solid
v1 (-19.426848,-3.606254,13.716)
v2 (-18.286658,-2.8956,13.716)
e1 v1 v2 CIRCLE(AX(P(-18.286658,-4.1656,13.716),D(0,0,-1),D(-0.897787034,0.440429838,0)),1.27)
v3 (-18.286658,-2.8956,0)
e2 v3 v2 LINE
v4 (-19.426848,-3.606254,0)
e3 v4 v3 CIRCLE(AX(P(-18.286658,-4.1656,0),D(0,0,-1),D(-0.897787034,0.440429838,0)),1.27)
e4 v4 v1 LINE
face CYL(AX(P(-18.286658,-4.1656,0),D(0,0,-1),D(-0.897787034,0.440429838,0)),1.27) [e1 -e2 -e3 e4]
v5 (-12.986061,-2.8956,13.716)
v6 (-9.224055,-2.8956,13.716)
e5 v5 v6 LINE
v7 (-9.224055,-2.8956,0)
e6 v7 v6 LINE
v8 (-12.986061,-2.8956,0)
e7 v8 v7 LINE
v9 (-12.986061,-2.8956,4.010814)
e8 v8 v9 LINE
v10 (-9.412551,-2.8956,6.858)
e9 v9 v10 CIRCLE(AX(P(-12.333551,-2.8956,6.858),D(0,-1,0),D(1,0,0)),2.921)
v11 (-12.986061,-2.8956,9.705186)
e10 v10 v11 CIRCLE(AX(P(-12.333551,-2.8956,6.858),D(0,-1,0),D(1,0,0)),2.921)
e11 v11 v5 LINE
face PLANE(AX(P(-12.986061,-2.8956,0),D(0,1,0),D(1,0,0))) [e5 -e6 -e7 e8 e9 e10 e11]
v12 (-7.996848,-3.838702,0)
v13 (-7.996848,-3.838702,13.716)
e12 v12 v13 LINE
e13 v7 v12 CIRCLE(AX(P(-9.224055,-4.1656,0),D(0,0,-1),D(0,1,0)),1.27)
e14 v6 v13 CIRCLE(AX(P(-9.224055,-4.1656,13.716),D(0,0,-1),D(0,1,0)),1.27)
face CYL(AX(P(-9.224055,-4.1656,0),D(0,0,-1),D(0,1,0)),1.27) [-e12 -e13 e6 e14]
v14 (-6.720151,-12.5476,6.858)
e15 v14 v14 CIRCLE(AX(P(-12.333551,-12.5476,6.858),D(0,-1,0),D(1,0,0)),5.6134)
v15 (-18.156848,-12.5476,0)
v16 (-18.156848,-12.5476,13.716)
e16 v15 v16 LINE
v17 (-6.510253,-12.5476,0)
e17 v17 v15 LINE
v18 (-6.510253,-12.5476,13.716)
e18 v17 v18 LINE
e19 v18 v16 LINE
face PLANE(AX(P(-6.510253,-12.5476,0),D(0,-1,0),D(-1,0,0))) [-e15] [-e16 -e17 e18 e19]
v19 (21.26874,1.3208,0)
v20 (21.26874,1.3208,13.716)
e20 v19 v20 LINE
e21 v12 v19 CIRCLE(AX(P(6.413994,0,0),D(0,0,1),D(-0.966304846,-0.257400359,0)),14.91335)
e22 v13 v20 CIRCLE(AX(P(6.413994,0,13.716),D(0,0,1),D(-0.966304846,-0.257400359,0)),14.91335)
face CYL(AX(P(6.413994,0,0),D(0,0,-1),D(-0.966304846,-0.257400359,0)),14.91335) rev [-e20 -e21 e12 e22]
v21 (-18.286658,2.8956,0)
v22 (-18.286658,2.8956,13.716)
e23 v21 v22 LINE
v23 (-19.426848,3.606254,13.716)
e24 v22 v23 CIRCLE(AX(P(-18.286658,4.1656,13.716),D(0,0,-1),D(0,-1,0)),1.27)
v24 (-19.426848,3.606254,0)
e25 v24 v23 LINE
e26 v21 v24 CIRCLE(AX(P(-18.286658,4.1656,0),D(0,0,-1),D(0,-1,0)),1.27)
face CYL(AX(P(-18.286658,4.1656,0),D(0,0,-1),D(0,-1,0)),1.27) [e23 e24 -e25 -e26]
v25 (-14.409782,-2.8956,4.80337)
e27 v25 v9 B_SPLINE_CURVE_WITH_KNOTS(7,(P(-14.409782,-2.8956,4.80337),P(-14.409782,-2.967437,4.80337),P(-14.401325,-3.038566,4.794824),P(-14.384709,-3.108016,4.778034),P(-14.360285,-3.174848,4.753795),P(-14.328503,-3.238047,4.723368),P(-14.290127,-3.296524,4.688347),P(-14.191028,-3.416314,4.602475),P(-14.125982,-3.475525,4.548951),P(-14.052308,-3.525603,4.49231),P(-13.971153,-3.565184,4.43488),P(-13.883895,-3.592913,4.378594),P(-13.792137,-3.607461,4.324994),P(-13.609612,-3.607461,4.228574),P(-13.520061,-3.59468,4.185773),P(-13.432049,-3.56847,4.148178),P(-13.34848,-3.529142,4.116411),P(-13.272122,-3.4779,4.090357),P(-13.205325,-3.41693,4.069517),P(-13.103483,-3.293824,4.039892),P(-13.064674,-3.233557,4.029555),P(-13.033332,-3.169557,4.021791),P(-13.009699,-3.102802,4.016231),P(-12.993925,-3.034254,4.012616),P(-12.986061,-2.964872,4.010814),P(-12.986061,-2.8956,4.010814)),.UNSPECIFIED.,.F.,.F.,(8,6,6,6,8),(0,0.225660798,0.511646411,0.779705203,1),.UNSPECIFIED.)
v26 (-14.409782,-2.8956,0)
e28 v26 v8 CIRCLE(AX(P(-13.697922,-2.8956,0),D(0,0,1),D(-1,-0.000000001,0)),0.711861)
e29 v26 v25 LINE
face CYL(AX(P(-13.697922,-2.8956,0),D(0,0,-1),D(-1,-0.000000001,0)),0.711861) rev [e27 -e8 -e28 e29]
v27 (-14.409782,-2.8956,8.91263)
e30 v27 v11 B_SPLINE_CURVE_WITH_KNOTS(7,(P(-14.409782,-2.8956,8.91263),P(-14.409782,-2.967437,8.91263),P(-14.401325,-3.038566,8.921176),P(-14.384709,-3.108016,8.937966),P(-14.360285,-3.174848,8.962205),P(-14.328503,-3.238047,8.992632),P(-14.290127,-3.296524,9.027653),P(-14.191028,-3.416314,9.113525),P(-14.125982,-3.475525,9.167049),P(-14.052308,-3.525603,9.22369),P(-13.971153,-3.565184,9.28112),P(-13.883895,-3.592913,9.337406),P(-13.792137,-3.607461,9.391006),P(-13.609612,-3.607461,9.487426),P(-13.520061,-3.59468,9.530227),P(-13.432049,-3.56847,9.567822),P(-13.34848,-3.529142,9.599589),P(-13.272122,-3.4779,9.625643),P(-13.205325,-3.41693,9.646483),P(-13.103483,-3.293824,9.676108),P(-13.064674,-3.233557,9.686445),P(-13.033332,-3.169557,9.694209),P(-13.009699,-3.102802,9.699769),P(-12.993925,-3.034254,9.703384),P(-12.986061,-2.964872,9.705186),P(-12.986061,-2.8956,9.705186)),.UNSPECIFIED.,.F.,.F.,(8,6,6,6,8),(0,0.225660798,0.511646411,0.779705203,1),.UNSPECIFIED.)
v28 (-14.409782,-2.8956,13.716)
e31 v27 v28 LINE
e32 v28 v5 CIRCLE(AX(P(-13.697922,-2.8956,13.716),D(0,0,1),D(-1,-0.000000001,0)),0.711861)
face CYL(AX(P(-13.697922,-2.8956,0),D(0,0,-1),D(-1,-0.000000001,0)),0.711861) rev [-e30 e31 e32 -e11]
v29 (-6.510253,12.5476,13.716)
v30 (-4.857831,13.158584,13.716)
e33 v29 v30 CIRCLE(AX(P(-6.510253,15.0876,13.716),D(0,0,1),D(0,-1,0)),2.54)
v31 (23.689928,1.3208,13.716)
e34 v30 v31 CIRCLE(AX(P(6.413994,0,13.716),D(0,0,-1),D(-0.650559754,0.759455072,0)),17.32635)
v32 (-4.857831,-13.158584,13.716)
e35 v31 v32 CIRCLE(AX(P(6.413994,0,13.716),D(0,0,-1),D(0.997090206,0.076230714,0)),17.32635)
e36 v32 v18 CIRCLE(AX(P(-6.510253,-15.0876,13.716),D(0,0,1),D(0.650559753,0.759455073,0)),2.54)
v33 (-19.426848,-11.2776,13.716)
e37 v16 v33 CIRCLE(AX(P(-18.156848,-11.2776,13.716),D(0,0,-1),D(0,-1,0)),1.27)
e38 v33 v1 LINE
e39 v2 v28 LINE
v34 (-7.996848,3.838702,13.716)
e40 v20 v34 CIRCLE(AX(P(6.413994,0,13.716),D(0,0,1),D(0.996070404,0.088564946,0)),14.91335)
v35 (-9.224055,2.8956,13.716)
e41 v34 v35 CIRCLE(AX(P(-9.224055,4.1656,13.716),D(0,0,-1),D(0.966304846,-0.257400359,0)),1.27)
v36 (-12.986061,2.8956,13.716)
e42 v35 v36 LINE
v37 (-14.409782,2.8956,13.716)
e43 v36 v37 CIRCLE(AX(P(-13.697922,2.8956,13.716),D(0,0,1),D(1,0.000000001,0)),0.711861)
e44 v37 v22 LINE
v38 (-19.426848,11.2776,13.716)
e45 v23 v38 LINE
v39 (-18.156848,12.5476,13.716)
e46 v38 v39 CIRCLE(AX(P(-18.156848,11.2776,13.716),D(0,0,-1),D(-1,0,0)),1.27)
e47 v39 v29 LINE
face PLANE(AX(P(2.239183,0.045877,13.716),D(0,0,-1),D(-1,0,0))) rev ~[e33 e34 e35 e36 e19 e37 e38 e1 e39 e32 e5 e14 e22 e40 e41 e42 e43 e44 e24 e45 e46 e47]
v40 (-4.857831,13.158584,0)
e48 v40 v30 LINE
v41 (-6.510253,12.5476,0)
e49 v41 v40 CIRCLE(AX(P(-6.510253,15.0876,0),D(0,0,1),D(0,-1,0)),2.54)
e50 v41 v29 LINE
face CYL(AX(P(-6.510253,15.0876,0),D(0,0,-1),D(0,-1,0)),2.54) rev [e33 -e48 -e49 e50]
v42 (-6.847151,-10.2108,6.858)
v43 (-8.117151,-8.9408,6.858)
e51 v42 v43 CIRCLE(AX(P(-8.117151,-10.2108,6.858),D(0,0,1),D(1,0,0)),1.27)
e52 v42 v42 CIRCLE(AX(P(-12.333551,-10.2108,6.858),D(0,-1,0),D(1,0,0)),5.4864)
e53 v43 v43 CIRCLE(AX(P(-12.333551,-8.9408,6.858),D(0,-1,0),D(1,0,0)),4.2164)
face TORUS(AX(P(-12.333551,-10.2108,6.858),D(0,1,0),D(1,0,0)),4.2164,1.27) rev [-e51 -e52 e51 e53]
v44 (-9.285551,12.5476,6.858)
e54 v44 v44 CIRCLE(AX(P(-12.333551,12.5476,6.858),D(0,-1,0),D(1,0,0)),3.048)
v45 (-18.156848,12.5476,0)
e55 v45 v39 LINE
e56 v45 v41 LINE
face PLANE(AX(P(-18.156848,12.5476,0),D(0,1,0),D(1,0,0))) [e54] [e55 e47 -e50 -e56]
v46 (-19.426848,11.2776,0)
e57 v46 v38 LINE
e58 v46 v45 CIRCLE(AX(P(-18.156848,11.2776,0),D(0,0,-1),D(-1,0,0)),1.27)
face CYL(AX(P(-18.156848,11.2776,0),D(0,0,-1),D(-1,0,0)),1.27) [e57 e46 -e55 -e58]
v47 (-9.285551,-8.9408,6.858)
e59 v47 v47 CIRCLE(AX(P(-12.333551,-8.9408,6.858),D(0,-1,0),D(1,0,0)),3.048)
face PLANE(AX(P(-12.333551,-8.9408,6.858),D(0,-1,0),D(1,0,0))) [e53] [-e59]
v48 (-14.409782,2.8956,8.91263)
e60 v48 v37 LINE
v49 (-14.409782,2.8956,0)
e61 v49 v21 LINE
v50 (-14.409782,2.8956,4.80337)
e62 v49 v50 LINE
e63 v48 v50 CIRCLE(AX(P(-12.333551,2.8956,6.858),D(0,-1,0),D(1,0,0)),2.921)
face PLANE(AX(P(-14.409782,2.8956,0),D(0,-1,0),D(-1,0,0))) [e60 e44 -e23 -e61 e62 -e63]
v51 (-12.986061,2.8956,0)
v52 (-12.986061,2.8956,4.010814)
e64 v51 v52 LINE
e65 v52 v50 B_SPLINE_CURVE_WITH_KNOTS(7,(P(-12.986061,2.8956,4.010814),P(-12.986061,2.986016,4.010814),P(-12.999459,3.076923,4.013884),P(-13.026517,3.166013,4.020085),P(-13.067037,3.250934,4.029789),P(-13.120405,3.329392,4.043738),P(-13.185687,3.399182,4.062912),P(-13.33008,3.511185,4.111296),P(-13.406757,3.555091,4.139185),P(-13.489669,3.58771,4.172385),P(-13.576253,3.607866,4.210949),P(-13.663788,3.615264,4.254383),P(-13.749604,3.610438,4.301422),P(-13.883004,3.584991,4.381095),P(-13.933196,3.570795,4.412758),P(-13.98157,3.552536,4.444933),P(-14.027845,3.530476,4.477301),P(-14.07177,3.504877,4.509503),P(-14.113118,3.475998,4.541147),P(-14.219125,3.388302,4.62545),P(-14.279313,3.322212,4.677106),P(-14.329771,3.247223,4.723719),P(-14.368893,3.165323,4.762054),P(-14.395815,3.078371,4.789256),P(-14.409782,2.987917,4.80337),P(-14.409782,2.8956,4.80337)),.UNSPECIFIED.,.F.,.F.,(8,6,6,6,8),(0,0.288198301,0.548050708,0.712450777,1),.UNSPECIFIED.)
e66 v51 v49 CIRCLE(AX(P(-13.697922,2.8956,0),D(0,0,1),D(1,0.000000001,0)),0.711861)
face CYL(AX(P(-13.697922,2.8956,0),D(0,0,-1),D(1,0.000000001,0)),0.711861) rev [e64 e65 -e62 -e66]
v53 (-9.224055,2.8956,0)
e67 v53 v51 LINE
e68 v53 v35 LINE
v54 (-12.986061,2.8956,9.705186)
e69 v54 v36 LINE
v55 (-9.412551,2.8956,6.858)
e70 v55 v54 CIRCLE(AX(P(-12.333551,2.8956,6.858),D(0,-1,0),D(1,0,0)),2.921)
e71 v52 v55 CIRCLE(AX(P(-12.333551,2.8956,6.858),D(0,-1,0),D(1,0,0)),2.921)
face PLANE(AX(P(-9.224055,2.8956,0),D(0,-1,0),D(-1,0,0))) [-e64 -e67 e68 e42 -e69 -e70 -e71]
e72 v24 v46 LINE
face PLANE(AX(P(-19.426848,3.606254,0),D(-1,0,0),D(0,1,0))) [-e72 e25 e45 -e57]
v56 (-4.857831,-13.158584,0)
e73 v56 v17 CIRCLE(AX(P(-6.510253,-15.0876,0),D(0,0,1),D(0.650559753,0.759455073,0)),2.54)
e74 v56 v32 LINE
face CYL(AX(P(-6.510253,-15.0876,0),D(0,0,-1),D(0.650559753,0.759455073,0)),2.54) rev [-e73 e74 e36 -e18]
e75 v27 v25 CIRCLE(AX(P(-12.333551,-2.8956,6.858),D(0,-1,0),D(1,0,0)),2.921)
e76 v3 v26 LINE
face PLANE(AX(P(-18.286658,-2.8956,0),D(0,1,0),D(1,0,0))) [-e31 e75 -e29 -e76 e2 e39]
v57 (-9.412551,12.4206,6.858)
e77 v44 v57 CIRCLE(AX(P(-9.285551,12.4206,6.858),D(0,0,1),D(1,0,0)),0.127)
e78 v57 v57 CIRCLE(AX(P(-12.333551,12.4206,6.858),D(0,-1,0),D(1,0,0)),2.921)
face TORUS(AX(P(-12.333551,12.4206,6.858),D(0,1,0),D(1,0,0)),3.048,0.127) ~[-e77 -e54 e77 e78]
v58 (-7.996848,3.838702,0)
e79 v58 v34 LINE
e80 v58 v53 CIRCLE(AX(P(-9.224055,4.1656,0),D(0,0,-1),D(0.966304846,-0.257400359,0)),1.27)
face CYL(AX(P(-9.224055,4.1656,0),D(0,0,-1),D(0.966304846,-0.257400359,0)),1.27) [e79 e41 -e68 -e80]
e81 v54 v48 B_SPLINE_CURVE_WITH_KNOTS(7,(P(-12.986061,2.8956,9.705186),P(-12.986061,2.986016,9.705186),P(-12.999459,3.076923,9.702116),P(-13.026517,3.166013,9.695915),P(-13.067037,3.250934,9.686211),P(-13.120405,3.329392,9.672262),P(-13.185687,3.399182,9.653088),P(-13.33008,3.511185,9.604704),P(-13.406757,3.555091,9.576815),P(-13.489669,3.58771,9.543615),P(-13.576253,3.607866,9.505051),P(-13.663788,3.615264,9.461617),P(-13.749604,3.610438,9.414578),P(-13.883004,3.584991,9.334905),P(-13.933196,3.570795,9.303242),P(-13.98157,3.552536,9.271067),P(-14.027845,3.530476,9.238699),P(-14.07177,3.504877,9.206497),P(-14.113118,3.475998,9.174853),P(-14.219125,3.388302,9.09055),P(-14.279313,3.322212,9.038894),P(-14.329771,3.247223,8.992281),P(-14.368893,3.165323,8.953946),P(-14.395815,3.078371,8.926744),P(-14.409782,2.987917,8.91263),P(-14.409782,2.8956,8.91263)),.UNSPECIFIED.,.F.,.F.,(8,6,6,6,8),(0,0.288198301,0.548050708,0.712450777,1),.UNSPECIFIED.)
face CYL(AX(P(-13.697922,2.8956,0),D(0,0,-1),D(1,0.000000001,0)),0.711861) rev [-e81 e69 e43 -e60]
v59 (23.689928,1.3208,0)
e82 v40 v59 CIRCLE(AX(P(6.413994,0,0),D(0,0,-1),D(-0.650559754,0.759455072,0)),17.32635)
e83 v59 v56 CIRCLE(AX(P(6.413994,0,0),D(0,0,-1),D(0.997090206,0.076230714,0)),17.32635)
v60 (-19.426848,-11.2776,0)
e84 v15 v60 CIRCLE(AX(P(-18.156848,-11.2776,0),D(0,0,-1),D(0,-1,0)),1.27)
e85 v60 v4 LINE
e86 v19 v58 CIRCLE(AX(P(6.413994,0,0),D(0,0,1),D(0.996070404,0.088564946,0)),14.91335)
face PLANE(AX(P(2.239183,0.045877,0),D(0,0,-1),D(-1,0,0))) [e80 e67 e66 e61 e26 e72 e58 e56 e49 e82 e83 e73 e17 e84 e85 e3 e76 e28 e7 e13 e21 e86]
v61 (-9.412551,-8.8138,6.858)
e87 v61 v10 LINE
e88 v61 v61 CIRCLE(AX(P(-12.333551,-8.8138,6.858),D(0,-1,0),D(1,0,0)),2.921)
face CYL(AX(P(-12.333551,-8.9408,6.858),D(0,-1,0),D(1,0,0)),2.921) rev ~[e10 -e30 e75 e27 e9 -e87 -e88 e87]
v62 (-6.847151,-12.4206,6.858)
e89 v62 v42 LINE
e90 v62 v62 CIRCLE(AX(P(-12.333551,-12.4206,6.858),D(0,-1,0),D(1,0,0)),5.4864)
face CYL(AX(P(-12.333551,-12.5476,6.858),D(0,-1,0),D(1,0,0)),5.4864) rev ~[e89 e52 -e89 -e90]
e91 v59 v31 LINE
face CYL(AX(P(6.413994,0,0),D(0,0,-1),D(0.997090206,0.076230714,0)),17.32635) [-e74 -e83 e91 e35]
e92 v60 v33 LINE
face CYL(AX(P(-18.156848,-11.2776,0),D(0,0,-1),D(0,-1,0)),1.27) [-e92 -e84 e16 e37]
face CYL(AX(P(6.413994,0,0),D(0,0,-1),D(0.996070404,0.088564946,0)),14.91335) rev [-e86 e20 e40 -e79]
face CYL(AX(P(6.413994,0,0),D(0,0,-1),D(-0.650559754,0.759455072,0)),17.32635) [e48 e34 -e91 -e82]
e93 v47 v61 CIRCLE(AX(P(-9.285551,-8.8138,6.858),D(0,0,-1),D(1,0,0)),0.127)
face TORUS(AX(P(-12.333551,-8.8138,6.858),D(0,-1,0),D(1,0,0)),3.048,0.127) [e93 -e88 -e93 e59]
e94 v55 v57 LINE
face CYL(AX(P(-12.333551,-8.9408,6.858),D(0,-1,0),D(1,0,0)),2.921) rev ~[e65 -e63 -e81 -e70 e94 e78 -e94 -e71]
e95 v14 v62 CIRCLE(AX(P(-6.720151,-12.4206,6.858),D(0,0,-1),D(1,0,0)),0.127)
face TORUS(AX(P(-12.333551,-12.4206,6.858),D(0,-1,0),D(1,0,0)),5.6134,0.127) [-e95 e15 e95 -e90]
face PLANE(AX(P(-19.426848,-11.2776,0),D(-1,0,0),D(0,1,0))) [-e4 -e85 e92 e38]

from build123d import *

# Parameters (mm, degrees)
BOSS_EXTRUDE1_DEPTH = 13.716
SKETCH2_R           = 5.4864
CUT_EXTRUDE1_DEPTH  = 3.6068
SKETCH3_R           = 2.921
CUT_EXTRUDE2_DEPTH  = 27.267149632
FILLET1_R           = 0.127
FILLET2_R           = 0.127
FILLET3_R           = 1.27
FILLET4_R           = 0.127


with BuildPart() as part:
    # Sketch1 → Boss-Extrude1 (new body)
    with BuildSketch(Plane.XY):
        with BuildLine():
            Line((-18.286658229, -2.8956), (-14.409782184, -2.8956))
            ThreePointArc((-14.409782184, -2.8956), (-13.697921632, -3.607460552), (-12.986061079, -2.8956))
            Line((-12.986061079, -2.8956), (-9.224054916, -2.8956))
            ThreePointArc((-9.224054916, -2.8956), (-8.450188338, -3.158609176), (-7.996847762, -3.838701544))
            ThreePointArc((-7.996847762, -3.838701544), (9.003275389, -14.686851959), (21.268740456, 1.3208))
            ThreePointArc((21.268740456, 1.3208), (7.692360315, 14.858458112), (-7.996847762, 3.838701544))
            ThreePointArc((-7.996847762, 3.838701544), (-8.450188338, 3.158609176), (-9.224054916, 2.8956))
            Line((-9.224054916, 2.8956), (-12.986061079, 2.8956))
            ThreePointArc((-12.986061079, 2.8956), (-13.697921632, 3.607460552), (-14.409782184, 2.8956))
            Line((-14.409782184, 2.8956), (-18.286658229, 2.8956))
            ThreePointArc((-18.286658229, 2.8956), (-18.958421102, 3.087808442), (-19.426847762, 3.606254106))
            Line((-19.426847762, 3.606254106), (-19.426847762, 11.2776))
            ThreePointArc((-19.426847762, 11.2776), (-19.054873374, 12.175625612), (-18.156847762, 12.5476))
            Line((-18.156847762, 12.5476), (-6.510253262, 12.5476))
            ThreePointArc((-6.510253262, 12.5476), (-5.629373118, 12.705237691), (-4.857831488, 13.158584116))
            ThreePointArc((-4.857831488, 13.158584116), (13.050680986, 16.004898652), (23.689927776, 1.3208))
            ThreePointArc((23.689927776, 1.3208), (14.251434441, -15.452408322), (-4.857831488, -13.158584116))
            ThreePointArc((-4.857831488, -13.158584116), (-5.629373118, -12.705237691), (-6.510253262, -12.5476))
            Line((-6.510253262, -12.5476), (-18.156847762, -12.5476))
            ThreePointArc((-18.156847762, -12.5476), (-19.054873374, -12.175625612), (-19.426847762, -11.2776))
            Line((-19.426847762, -11.2776), (-19.426847762, -3.606254106))
            ThreePointArc((-19.426847762, -3.606254106), (-18.958421102, -3.087808442), (-18.286658229, -2.8956))
        make_face()
    extrude(amount=BOSS_EXTRUDE1_DEPTH)

    # Sketch2 → Cut-Extrude1 (cut)
    with BuildSketch(Plane.XZ.offset(12.5476)):
        with Locations((-12.333550512, 6.858)):
            Circle(SKETCH2_R)
    extrude(amount=-CUT_EXTRUDE1_DEPTH, mode=Mode.SUBTRACT)

    # Sketch3 → Cut-Extrude2 (cut, through all)
    with BuildSketch(Plane.XZ.offset(8.9408)):
        with Locations((-12.333550512, 6.858)):
            Circle(SKETCH3_R)
    extrude(amount=-CUT_EXTRUDE2_DEPTH, mode=Mode.SUBTRACT)

    # Fillet1
    fillet1_edges = [part.edges().sort_by_distance(p)[0] for p in [
        (-15.254550512, 12.5476, 6.858),
    ]]
    fillet(fillet1_edges, radius=FILLET1_R)

    # Fillet2
    fillet2_edges = [part.edges().sort_by_distance(p)[0] for p in [
        (-17.819950512, -12.5476, 6.858),
    ]]
    fillet(fillet2_edges, radius=FILLET2_R)

    # Fillet3
    fillet3_edges = [part.edges().sort_by_distance(p)[0] for p in [
        (-17.819950512, -8.9408, 6.858),
    ]]
    fillet(fillet3_edges, radius=FILLET3_R)

    # Fillet4
    fillet4_edges = [part.edges().sort_by_distance(p)[0] for p in [
        (-15.254550512, -8.9408, 6.858),
    ]]
    fillet(fillet4_edges, radius=FILLET4_R)


solid = part.part
